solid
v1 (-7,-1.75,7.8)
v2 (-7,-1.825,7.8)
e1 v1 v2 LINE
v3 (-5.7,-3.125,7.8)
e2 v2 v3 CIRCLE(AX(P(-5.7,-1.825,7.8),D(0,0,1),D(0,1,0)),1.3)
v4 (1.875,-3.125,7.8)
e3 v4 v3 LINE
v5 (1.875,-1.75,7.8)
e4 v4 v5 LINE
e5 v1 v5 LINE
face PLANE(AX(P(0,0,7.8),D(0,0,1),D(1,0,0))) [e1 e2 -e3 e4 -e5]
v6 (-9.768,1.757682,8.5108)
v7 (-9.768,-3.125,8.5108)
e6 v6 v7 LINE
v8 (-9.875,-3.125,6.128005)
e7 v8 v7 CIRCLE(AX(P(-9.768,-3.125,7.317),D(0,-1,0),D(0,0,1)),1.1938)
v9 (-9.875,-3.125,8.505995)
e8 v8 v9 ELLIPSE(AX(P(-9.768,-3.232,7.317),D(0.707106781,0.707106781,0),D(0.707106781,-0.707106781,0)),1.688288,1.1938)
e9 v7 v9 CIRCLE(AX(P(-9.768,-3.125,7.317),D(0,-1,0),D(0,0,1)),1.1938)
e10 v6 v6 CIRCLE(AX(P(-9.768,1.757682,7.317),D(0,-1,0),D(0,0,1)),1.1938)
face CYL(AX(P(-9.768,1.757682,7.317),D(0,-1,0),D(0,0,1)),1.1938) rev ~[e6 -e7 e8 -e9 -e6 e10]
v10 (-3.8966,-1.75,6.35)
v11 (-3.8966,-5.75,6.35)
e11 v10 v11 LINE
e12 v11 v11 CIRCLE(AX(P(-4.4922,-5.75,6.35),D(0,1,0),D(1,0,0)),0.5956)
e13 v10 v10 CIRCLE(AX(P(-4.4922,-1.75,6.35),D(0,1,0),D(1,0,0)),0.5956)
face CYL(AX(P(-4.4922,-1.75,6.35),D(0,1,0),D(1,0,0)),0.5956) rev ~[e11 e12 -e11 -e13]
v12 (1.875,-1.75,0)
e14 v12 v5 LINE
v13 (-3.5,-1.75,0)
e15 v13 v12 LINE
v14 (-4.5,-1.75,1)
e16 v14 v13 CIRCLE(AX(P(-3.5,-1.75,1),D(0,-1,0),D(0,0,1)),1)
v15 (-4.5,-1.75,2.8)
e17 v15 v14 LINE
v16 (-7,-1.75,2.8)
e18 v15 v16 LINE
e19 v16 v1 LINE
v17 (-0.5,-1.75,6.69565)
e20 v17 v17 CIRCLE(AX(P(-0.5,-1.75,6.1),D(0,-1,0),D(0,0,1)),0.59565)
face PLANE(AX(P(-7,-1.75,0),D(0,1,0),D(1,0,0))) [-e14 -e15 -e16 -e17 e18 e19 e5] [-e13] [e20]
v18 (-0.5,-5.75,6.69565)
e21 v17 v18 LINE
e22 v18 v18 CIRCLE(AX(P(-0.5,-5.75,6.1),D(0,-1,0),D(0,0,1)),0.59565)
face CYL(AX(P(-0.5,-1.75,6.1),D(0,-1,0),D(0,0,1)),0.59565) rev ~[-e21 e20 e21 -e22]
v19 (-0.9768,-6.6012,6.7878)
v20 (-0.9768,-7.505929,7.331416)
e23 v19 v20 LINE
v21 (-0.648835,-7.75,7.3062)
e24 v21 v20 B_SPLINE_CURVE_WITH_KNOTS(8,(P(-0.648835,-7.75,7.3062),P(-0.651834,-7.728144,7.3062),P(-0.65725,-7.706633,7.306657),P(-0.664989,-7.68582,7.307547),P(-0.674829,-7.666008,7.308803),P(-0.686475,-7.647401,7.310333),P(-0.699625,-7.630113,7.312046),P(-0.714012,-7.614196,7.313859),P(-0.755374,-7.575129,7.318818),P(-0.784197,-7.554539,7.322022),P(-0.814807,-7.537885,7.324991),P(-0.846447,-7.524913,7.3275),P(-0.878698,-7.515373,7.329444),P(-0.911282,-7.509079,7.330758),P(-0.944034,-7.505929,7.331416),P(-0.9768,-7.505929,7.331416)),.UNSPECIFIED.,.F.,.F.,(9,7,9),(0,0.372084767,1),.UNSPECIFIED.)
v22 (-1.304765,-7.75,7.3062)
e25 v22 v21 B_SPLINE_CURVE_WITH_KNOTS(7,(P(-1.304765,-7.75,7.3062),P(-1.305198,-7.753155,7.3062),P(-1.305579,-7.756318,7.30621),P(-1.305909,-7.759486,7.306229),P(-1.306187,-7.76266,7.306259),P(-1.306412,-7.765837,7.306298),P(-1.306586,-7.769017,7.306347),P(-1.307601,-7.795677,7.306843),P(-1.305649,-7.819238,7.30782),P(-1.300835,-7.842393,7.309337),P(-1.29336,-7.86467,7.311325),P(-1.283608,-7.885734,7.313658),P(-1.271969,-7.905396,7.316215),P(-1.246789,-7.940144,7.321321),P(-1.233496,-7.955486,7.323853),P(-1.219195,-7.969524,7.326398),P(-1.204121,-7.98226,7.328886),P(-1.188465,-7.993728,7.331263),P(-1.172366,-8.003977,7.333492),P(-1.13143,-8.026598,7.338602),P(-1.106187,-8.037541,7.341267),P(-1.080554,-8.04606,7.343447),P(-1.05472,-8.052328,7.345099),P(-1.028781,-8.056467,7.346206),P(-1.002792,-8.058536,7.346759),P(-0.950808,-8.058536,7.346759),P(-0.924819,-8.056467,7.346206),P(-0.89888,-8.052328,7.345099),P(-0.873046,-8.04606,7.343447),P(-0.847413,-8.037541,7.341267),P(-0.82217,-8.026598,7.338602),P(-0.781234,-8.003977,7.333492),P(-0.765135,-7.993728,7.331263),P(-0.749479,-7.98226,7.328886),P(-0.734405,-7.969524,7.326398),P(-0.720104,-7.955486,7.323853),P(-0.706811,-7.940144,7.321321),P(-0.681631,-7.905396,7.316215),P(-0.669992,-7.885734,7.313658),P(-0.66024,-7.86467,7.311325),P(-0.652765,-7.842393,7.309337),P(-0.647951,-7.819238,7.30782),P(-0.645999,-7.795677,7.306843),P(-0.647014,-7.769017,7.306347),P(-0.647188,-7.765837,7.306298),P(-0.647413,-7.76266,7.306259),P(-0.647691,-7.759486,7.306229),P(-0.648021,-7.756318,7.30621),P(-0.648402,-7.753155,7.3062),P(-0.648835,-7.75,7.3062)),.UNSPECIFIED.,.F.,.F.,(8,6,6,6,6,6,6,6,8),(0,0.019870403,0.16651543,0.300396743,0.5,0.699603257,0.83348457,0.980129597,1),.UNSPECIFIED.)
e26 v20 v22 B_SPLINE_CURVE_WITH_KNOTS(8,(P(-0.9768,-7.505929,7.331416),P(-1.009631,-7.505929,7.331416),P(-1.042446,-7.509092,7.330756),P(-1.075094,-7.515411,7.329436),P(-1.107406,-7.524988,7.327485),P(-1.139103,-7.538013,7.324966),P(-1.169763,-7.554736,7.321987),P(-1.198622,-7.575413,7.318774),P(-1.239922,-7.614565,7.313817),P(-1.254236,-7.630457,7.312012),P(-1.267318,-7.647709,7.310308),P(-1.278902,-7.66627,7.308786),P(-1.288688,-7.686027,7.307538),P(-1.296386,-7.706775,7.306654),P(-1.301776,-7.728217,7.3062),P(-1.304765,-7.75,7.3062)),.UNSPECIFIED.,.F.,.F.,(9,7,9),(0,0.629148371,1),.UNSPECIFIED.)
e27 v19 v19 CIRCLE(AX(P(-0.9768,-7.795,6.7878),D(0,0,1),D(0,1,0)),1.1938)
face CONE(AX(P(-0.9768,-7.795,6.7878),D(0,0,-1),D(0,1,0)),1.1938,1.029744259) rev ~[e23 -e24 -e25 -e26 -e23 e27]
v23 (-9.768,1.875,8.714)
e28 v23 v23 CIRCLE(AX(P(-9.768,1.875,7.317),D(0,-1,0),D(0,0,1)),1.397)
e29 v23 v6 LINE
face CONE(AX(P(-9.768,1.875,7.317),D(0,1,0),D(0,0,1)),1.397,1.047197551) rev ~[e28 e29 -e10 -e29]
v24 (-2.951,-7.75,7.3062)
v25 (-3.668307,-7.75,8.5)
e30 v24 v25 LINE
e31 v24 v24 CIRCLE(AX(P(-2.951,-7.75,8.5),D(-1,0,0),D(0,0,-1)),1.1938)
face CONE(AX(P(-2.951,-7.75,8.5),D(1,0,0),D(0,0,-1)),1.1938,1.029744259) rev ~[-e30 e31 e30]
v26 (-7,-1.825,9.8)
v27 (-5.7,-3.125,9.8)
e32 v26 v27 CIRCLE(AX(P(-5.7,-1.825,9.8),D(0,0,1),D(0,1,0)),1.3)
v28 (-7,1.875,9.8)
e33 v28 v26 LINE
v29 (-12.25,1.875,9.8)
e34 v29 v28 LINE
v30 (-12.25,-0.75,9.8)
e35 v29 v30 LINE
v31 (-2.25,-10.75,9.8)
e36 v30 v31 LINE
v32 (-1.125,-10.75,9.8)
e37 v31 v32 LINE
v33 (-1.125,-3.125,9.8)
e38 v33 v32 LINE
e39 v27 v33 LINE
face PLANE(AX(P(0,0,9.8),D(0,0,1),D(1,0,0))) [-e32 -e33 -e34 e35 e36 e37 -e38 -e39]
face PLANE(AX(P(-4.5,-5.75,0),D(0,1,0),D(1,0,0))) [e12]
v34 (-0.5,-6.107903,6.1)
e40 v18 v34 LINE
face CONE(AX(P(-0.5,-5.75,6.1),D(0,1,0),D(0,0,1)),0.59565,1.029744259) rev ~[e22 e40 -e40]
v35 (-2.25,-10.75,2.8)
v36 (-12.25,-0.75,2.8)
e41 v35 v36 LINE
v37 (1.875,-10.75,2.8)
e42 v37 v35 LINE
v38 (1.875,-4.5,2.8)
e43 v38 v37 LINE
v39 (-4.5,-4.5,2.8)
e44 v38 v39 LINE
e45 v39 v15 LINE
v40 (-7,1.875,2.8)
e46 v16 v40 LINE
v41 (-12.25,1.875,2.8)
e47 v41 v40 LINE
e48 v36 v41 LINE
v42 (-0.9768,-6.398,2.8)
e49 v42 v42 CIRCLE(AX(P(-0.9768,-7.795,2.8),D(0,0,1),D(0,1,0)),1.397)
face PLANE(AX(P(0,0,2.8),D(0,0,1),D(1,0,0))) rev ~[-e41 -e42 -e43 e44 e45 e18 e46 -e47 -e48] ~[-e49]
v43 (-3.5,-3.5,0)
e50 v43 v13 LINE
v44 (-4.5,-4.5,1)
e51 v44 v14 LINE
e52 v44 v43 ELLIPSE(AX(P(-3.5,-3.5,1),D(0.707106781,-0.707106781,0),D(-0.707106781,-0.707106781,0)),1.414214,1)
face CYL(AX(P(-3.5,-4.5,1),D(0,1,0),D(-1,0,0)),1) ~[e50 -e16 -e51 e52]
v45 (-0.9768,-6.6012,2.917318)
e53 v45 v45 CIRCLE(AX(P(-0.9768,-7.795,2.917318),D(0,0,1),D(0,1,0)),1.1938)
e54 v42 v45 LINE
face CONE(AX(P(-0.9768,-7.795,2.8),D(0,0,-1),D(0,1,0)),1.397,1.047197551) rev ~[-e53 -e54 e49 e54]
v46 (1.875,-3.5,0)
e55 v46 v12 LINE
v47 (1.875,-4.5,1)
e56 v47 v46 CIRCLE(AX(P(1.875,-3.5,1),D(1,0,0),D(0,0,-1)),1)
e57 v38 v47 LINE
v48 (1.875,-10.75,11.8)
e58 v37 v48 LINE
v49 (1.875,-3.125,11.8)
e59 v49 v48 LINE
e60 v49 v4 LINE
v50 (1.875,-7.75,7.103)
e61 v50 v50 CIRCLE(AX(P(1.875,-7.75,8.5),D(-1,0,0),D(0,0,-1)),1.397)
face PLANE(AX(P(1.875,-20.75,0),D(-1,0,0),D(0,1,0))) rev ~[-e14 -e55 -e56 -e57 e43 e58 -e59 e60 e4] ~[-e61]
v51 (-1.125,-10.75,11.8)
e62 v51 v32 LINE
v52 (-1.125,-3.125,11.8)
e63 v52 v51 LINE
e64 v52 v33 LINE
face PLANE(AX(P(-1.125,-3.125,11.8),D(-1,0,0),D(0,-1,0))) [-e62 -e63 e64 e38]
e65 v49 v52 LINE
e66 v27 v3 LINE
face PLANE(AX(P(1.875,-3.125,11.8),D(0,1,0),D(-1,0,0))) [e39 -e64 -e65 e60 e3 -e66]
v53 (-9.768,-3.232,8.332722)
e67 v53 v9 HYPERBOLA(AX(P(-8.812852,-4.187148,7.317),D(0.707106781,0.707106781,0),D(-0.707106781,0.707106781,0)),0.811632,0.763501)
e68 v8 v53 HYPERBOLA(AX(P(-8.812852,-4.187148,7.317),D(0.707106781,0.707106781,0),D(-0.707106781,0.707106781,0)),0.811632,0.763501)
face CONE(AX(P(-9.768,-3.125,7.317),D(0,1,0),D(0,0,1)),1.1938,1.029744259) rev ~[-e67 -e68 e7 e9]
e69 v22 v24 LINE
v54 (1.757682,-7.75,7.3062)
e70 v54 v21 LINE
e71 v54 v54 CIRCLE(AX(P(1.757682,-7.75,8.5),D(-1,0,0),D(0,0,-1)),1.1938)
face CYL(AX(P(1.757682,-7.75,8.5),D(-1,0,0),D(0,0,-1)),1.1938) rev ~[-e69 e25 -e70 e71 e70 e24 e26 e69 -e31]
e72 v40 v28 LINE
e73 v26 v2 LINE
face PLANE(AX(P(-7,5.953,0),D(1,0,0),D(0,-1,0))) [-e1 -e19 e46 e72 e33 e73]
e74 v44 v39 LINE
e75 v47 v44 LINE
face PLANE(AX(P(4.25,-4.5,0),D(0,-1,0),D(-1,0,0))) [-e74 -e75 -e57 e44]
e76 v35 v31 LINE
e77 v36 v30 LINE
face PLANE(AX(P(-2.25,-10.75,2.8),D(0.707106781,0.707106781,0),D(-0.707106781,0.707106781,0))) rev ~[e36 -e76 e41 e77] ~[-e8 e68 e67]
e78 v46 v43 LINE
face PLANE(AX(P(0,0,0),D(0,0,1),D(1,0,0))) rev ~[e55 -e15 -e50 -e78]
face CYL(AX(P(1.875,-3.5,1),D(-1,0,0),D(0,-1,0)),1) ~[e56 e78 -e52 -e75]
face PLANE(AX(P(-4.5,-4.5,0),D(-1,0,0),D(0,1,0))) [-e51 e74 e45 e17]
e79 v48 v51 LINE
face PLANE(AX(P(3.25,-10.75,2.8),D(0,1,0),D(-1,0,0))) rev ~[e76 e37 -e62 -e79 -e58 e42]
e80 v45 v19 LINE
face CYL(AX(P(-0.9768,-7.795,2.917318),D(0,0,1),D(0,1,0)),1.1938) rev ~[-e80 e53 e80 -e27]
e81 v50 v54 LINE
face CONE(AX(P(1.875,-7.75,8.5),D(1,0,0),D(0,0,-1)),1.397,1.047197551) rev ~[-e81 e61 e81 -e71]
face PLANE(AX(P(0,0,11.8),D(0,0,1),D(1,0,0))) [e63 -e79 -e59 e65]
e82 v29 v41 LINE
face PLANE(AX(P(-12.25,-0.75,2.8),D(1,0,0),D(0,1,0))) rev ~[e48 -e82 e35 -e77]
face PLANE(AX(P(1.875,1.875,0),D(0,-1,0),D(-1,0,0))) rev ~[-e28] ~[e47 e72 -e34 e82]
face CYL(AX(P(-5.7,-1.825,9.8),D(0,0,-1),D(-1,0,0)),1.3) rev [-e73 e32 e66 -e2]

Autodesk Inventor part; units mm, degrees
ref_plane "YZ Plane" through (0, 0, 0) normal (1, 0, 0) x (0, 1, 0)
ref_plane "XZ Plane" through (0, 0, 0) normal (0, 1, 0) x (-1, 0, 0)
ref_plane "XY Plane" through (0, 0, 0) normal (0, 0, 1) x (1, 0, 0)
sketch "Sketch1" plane through (0, 0, 0) normal (0, 0, 1) x (1, 0, 0)
  line L0 (-4.5, 4.25) -> (4.25, 4.25)
  line L1 (4.25, 4.25) -> (4.25, -4.5)
  line L2 (4.25, -4.5) -> (-4.5, -4.5)
  line L3 (-4.5, -4.5) -> (-4.5, 4.25)
  point P0 (0, 0)
  dimension "d0" = 8.75
  dimension "d1" = 8.75
  dimension "d2" = 4.25
  dimension "d3" = 4.25
extrude "Extrusion1" add sketch "Sketch1" along normal blind 2.8
fillet "Fillet2" radius 1 3 edges at (4.25, 4.25, 1.4) (4.25, -0.125, 0) (-0.125, 4.25, 0)
sketch "Sketch10" plane through (0, 0, 2.8) normal (0, 0, 1) x (1, 0, 0)
  line L0 (4.25, 3.25) -> (4.25, -4.5) projected
  line L1 (-4.5, 4.25) -> (3.25, 4.25) projected
  line L2 (3.25, 3.25) -> (-17.75, 3.25)
  line L3 (-17.75, 3.25) -> (-17.75, -17.75)
  line L4 (-17.75, -17.75) -> (3.25, -17.75)
  line L5 (3.25, -17.75) -> (3.25, 3.25)
  point P0 (0, 0)
  dimension "d113" = 1
  dimension "d114" = 1
  dimension "d115" = 21
  dimension "d116" = 21
extrude "Extrusion8" add sketch "Sketch10" along normal blind 9
hole "Hole11" [suppressed]
sketch "Sketch11" plane through (0, 0, 2.8) normal (0, 0, -1) x (-1, 0, 0)
  line L0 (17.75, -17.75) -> (-3.25, -17.75) projected
  line L1 (17.75, 3.25) -> (17.75, -17.75) projected
  line L2 (4.5, 3.25) -> (17.75, 3.25) projected
  line L3 (12.25, 3.25) -> (17.75, 3.25)
  line L4 (17.75, 3.25) -> (17.75, -17.75)
  line L5 (17.75, -17.75) -> (-3.25, -17.75)
  line L6 (-3.25, -17.75) -> (-3.25, -10.75)
  line L7 (-3.25, -10.75) -> (2.25, -10.75)
  line L8 (2.25, -10.75) -> (12.25, -0.75)
  line L9 (12.25, -0.75) -> (12.25, 3.25)
  point P0 (0, 0)
  dimension "d146" = 14
  dimension "d158" = 4
  dimension "d254" = 15.5
  dimension "d255" = 45
extrude "Extrusion9" cut sketch "Sketch11" along normal through all both and the other way through all
hole "Hole12" [suppressed]
hole "Hole13" [suppressed]
chamfer "Chamfer3" [suppressed]
chamfer "Chamfer4" [suppressed]
sketch "Sketch18" plane through (0, 0, 0) normal (0, 0, -1) x (-1, 0, 0)
  line L0 (7, 5.953) -> (7, -1.75)
  line L1 (7, -1.75) -> (-6.3618, -1.75)
  line L2 (-3.25, 3.25) -> (4.5, 3.25) projected
  line L3 (-3.25, -4.5) -> (-3.25, 3.25) projected
  line L4 (7, 5.953) -> (-6.3618, 5.953)
  line L5 (-6.3618, 5.953) -> (-6.3618, -1.75)
  point P0 (0, 0)
  dimension "d226" = 2.703
  dimension "d227" = 3.1118
  dimension "d228" = 5
  dimension "d229" = 10.25
extrude "Extrusion12" cut sketch "Sketch18" against normal through all
hole "Hole16" at (-0.5, -1.75, 6.1) direction (0, -1, 0) diameter 1.1913 depth 4 tip angle 118
pattern_linear "Rectangular Pattern1" [suppressed]
chamfer "Chamfer7" [suppressed]
sketch "Sketch19" plane through (-4.5, -1.75, 0) normal (0, 1, 0) x (1, 0, 0)
  circle A0 centre (4, -6.1) radius 0.5956 projected
  circle A1 centre (0.0078, -6.35) radius 0.5956
  point P0 (4.5, 0)
  dimension "d230" = 0.25
  dimension "d231" = 4
extrude "Extrusion13" cut sketch "Sketch19" against normal blind 4 contours A1
sketch "Sketch21" plane through (0, 0, 2.8) normal (0, 0, -1) x (-1, 0, 0)
  line L0 (7, 3.25) -> (7, -1.75) projected
  line L1 (7, -1.75) -> (4.5, -1.75) projected
  line L2 (-3.25, -10.75) -> (-3.25, -4.5) projected
  line L3 (-3.25, -10.75) -> (2.25, -10.75) projected
  line L4 (2.25, -10.75) -> (12.25, -0.75) projected
  line L5 (12.25, -0.75) -> (12.25, 3.25) projected
  line L6 (7, 3.25) -> (12.25, 3.25) projected
  line L7 (12.25, 4.25) -> (12.25, -0.75)
  line L8 (12.25, -0.75) -> (2.25, -10.75)
  line L9 (2.25, -10.75) -> (-4.25, -10.75)
  line L10 (-4.25, -10.75) -> (-4.25, -4.5)
  line L11 (-4.25, -4.5) -> (4.5, -4.5)
  line L12 (4.5, -4.5) -> (4.5, -1.75)
  line L13 (4.5, -1.75) -> (7, -1.75)
  line L14 (7, -1.75) -> (7, 4.25)
  line L15 (7, 4.25) -> (12.25, 4.25)
  line L16 (-3.25, -4.5) -> (4.5, -4.5) projected
  line L17 (4.5, -4.5) -> (4.5, -1.75) projected
  point P0 (0, 0)
  dimension "d236" = 1
  dimension "d237" = 1
extrude "Extrusion14" [suppressed]
chamfer "Chamfer8" [suppressed]
sketch "Sketch23" plane through (0, 0, 0) normal (0, 0, -1) x (-1, 0, 0)
  line L0 (-4.25, 4.25) -> (20.75, 4.25)
  line L1 (-4.25, -20.75) -> (-4.25, 4.25)
  line L2 (-1.875, -20.75) -> (-1.875, 1.875)
  line L3 (-1.875, 1.875) -> (20.75, 1.875)
  line L4 (4.5, -4.5) -> (4.5, -1.75) projected
  line L5 (20.75, 1.875) -> (20.75, 4.25)
  line L6 (-1.875, -20.75) -> (-4.25, -20.75)
  point P0 (0, 0)
  dimension "d245" = 2.375
  dimension "d249" = 1.875
  dimension "d250" = 1.875
  dimension "d251" = 25
  dimension "d252" = 25
extrude "Extrusion16" cut sketch "Sketch23" against normal through all
hole "Hole10" at (-9.768, 1.875, 7.317) direction (0, -1, 0) diameter 2.3876 depth 5 tip angle 118 countersink diameter 2.794 countersink angle 120
fillet "Fillet4" radius 1 2 edges at (-1.3125, -4.5, 0) (-4.5, -3.125, 0)
hole "Hole18" at (1.875, -7.75, 8.5) direction (-1, 0, 0) diameter 2.3876 depth 4.826 tip angle 118 countersink diameter 2.794 countersink angle 120
hole "Hole17" at (-0.9768, -7.795, 2.8) direction (0, 0, 1) diameter 2.3876 depth 3.9878 tip angle 118 countersink diameter 2.794 countersink angle 120
sketch "Sketch24" plane through (0, 0, 11.8) normal (0, 0, 1) x (1, 0, 0)
  line L0 (1.875, -10.75) -> (1.875, -1.75) projected
  line L1 (-7, 1.875) -> (1.875, 1.875)
  line L2 (1.875, 1.875) -> (1.875, -3.125)
  line L3 (1.875, -3.125) -> (-7, -3.125)
  line L4 (-7, 1.875) -> (-7, -3.125)
  line L5 (-7, 1.875) -> (-12.25, 1.875) projected
  point P0 (0, 0)
  dimension "d276" = 5
extrude "Extrusion17" cut sketch "Sketch24" against normal blind 4
sketch "Sketch25" plane through (0, 0, 11.8) normal (0, 0, 1) x (1, 0, 0)
  line L0 (-12.25, 1.875) -> (-12.25, -0.75) projected
  line L1 (-12.25, -0.75) -> (-2.25, -10.75) projected
  line L2 (-12.25, 1.875) -> (-6.5, 1.875)
  line L3 (-6.5, 1.875) -> (-6.5, -6.5)
  line L4 (-6.5, -6.5) -> (-12.25, -6.5)
  line L5 (-12.25, -6.5) -> (-12.25, 1.875)
  point P0 (0, 0)
extrude "Extrusion18" cut sketch "Sketch25" against normal blind 2 contours L2 L3 L1 L0
sketch "Sketch26" plane through (0, 0, 11.8) normal (0, 0, 1) x (1, 0, 0)
  line L0 (-6.5, -3.125) -> (-6.5, -6.5) projected
  line L1 (-6.5, -6.5) -> (-2.25, -10.75) projected
  line L2 (-2.25, -10.75) -> (1.875, -10.75) projected
  line L3 (1.875, -10.75) -> (1.875, -3.125) projected
  line L4 (-6.5, -3.125) -> (-1.125, -3.125)
  line L5 (-1.125, -3.125) -> (-1.125, -10.75)
  line L6 (-1.125, -10.75) -> (-6.5, -10.75)
  line L7 (-6.5, -10.75) -> (-6.5, -3.125)
  point P0 (0, 0)
  dimension "d281" = 3
extrude "Extrusion19" cut sketch "Sketch26" against normal up to surface (2 mm away) contours L4 L5 L2 L1 L0
fillet "Fillet5" radius 1.3 1 edges at (-7, -3.125, 8.8)
properties part number "FOX-ME-121-05" material "Aluminum-6061"
